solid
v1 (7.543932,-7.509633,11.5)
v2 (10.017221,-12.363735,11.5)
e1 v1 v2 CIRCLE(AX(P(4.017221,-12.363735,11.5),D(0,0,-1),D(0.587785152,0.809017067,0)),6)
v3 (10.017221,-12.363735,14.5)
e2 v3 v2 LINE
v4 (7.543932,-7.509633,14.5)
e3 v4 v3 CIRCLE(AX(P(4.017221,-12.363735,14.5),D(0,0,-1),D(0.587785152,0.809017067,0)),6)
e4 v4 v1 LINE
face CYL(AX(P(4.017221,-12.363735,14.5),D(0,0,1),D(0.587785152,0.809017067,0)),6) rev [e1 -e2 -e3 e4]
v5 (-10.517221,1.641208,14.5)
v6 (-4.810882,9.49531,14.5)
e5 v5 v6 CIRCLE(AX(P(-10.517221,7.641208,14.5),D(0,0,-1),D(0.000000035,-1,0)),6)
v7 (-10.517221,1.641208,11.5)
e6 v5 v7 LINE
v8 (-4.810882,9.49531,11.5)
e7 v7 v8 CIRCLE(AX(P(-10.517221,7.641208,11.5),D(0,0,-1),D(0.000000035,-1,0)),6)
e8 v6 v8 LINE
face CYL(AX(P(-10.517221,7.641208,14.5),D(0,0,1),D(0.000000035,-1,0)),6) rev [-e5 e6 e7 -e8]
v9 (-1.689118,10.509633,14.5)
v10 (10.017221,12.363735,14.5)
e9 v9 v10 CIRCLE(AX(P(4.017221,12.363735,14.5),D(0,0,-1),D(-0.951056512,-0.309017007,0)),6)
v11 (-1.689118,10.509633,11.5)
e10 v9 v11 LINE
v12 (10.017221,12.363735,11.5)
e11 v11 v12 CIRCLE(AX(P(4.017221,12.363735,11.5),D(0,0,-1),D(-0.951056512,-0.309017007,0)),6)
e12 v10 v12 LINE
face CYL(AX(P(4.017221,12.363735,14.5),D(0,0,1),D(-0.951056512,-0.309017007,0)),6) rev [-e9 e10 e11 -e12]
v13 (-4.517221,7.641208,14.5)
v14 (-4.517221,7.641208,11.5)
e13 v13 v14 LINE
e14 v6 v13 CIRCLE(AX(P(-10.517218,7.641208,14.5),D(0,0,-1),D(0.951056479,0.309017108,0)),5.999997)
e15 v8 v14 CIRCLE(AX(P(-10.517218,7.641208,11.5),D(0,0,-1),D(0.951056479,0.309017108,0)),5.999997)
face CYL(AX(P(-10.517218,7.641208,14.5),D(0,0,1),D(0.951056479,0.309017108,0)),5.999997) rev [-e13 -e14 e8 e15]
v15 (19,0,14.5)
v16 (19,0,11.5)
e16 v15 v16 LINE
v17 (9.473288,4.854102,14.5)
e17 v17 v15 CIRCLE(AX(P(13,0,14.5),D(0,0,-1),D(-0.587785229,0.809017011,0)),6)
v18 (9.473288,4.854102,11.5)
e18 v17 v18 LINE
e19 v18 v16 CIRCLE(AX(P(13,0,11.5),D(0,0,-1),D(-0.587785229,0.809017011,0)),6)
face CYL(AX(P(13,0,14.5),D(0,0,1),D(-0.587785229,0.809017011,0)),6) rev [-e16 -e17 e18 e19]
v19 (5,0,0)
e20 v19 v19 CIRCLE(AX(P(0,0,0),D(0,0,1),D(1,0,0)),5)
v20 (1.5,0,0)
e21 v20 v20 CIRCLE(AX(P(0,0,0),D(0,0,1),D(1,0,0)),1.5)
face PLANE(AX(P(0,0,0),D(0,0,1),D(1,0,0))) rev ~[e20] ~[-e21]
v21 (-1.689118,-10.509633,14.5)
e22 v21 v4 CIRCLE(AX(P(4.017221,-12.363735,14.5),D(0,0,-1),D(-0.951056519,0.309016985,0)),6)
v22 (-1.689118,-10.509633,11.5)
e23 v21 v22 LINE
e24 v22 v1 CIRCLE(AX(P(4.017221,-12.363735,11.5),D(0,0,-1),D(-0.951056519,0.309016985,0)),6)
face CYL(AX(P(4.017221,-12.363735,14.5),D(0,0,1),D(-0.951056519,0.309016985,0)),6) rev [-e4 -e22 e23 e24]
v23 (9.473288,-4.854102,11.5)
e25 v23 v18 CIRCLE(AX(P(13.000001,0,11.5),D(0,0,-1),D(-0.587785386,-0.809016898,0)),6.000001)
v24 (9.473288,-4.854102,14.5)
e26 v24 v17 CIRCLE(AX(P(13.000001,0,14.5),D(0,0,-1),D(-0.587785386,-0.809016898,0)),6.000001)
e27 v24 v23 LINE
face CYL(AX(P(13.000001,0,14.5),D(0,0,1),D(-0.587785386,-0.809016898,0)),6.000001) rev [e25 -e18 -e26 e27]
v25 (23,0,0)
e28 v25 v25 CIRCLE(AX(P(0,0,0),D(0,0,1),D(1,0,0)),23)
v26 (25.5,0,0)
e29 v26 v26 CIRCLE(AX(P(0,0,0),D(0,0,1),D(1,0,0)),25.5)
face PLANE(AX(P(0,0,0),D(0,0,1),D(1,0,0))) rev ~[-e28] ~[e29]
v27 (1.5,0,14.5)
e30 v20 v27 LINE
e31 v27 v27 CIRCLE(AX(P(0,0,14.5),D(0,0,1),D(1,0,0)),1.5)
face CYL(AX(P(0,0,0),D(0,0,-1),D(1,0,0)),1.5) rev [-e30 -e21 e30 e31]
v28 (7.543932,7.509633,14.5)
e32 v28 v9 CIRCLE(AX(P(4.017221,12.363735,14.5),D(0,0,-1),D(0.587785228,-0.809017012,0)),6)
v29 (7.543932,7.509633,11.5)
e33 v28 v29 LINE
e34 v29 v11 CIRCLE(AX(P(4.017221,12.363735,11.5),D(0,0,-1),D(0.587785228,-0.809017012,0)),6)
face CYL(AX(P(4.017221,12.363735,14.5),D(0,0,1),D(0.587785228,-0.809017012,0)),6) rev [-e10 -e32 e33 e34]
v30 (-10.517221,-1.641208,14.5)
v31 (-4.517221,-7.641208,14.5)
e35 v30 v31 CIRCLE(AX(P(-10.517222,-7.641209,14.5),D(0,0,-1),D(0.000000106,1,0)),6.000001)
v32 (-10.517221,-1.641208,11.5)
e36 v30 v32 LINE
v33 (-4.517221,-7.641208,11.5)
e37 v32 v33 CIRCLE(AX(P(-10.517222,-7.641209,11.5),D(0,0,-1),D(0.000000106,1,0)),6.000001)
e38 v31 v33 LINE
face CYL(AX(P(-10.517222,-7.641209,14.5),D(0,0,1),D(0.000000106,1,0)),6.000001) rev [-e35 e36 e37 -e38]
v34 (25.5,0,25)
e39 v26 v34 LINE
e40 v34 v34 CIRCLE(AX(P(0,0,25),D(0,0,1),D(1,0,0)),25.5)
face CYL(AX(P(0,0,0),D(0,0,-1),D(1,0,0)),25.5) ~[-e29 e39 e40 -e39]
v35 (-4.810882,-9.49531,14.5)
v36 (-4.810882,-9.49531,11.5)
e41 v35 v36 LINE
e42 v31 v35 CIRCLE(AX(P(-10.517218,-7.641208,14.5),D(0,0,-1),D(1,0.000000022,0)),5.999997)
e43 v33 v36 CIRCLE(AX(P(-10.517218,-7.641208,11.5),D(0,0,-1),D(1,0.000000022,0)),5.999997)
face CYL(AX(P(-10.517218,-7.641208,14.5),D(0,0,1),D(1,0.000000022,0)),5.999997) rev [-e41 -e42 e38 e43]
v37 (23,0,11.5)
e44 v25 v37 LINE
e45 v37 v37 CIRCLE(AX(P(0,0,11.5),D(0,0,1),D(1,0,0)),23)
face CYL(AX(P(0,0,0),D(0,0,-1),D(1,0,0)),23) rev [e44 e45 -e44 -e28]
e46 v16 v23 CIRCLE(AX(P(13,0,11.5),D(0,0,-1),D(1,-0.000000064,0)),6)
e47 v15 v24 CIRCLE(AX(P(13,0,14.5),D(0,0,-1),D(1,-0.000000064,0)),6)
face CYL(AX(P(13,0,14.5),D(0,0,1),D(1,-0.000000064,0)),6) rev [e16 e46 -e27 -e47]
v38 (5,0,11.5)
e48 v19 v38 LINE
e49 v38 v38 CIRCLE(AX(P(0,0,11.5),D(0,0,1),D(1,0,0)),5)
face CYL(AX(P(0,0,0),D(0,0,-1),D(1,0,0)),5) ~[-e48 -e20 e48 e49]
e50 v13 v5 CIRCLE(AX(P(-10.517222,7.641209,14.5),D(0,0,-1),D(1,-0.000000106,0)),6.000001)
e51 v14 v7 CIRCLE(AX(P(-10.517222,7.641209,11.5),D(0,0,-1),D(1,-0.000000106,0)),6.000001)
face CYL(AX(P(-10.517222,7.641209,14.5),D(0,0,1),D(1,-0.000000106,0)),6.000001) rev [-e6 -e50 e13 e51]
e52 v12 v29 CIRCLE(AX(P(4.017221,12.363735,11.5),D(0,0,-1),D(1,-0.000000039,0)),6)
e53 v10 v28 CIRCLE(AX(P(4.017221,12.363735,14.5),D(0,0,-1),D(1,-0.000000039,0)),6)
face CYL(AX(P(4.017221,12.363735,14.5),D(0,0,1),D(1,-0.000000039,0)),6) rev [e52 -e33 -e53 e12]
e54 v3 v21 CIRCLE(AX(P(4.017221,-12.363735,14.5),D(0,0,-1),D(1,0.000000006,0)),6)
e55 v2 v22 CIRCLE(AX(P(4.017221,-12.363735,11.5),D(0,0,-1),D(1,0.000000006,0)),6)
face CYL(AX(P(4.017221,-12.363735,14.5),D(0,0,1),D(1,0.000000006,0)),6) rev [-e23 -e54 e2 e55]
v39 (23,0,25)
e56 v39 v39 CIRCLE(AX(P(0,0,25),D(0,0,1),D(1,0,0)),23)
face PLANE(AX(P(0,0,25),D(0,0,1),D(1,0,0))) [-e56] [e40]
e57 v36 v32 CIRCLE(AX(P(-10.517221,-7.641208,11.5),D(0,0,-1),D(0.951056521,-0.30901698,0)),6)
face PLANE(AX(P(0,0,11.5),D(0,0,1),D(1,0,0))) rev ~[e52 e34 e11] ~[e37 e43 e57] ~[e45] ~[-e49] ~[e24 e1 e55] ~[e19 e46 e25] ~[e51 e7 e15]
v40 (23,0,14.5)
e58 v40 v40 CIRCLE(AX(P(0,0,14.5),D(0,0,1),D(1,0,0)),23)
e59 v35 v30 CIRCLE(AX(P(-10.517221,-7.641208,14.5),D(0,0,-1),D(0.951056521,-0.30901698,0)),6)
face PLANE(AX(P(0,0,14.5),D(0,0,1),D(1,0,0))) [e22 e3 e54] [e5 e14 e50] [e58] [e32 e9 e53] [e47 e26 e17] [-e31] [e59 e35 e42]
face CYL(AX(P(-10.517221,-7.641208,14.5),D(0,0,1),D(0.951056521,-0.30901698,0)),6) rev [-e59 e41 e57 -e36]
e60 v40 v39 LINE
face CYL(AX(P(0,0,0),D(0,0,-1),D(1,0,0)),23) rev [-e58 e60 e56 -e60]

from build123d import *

# Parameters (mm, degrees)
F0_R     = 25.5
F0_R_2   = 23
F2_DEPTH = 25
F1_R     = 5
F1_R_2   = 1.5
F3_DEPTH = 14.5
F4_R     = 23
F4_R_2   = 5
F5_DEPTH = 3


with BuildPart() as f2:
    # F0 (on Top) → F2 (new body)
    with BuildSketch(Plane.XY):
        Circle(F0_R)
        Circle(F0_R_2, mode=Mode.SUBTRACT)
    extrude(amount=F2_DEPTH)



with BuildPart() as f3:
    # F1 (on Top) → F3 (new body)
    with BuildSketch(Plane.XY):
        Circle(F1_R)
        Circle(F1_R_2, mode=Mode.SUBTRACT)
    extrude(amount=F3_DEPTH)


with BuildPart() as f2_1:
    add(f2.part)

    add(f3.part)  # F5 merges F3
    # F4 (on face) → F5 (join)
    with BuildSketch(Plane.XY.offset(14.5)):
        Circle(F4_R)
        with BuildLine():
            ThreePointArc((19, 0), (15.723943, -5.346039), (9.473288, -4.854102))
            Line((9.473288, -4.854102), (7.543932, -7.509633))
            ThreePointArc((7.543932, -7.509633), (9.36326, -9.639792), (10.017221, -12.363735))
            ThreePointArc((10.017221, -12.363735), (3.078614, -18.289865), (-1.689118, -10.509633))
            Line((-1.689118, -10.509633), (-4.810882, -9.49531))
            ThreePointArc((-4.810882, -9.49531), (-15.371323, -11.16792), (-10.517221, -1.641208))
            Line((-10.517221, -1.641208), (-10.517221, 1.641208))
            ThreePointArc((-10.517221, 1.641208), (-15.371323, 11.16792), (-4.810882, 9.49531))
            Line((-4.810882, 9.49531), (-1.689118, 10.509633))
            ThreePointArc((-1.689118, 10.509633), (3.078614, 18.289865), (10.017221, 12.363735))
            ThreePointArc((10.017221, 12.363735), (9.36326, 9.639792), (7.543932, 7.509633))
            Line((7.543932, 7.509633), (9.473288, 4.854102))
            ThreePointArc((9.473288, 4.854102), (15.723943, 5.346039), (19, 0))
        make_face(mode=Mode.SUBTRACT)
        with BuildLine():
            Line((7.543932, -7.509633), (9.473288, -4.854102))
            ThreePointArc((9.473288, -4.854102), (7, 0), (9.473288, 4.854102))
            Line((9.473288, 4.854102), (7.543932, 7.509633))
            ThreePointArc((7.543932, 7.509633), (2.163119, 6.657396), (-1.689118, 10.509633))
            Line((-1.689118, 10.509633), (-4.810882, 9.49531))
            ThreePointArc((-4.810882, 9.49531), (-4.591091, 8.579815), (-4.517221, 7.641208))
            ThreePointArc((-4.517221, 7.641208), (-6.27458, 3.398568), (-10.517221, 1.641208))
            Line((-10.517221, 1.641208), (-10.517221, -1.641208))
            ThreePointArc((-10.517221, -1.641208), (-6.27458, -3.398568), (-4.517221, -7.641208))
            ThreePointArc((-4.517221, -7.641208), (-4.591091, -8.579815), (-4.810882, -9.49531))
            Line((-4.810882, -9.49531), (-1.689118, -10.509633))
            ThreePointArc((-1.689118, -10.509633), (2.163119, -6.657396), (7.543932, -7.509633))
        make_face()
        Circle(F4_R_2, mode=Mode.SUBTRACT)
    extrude(amount=-F5_DEPTH)


solid = f2_1.part
